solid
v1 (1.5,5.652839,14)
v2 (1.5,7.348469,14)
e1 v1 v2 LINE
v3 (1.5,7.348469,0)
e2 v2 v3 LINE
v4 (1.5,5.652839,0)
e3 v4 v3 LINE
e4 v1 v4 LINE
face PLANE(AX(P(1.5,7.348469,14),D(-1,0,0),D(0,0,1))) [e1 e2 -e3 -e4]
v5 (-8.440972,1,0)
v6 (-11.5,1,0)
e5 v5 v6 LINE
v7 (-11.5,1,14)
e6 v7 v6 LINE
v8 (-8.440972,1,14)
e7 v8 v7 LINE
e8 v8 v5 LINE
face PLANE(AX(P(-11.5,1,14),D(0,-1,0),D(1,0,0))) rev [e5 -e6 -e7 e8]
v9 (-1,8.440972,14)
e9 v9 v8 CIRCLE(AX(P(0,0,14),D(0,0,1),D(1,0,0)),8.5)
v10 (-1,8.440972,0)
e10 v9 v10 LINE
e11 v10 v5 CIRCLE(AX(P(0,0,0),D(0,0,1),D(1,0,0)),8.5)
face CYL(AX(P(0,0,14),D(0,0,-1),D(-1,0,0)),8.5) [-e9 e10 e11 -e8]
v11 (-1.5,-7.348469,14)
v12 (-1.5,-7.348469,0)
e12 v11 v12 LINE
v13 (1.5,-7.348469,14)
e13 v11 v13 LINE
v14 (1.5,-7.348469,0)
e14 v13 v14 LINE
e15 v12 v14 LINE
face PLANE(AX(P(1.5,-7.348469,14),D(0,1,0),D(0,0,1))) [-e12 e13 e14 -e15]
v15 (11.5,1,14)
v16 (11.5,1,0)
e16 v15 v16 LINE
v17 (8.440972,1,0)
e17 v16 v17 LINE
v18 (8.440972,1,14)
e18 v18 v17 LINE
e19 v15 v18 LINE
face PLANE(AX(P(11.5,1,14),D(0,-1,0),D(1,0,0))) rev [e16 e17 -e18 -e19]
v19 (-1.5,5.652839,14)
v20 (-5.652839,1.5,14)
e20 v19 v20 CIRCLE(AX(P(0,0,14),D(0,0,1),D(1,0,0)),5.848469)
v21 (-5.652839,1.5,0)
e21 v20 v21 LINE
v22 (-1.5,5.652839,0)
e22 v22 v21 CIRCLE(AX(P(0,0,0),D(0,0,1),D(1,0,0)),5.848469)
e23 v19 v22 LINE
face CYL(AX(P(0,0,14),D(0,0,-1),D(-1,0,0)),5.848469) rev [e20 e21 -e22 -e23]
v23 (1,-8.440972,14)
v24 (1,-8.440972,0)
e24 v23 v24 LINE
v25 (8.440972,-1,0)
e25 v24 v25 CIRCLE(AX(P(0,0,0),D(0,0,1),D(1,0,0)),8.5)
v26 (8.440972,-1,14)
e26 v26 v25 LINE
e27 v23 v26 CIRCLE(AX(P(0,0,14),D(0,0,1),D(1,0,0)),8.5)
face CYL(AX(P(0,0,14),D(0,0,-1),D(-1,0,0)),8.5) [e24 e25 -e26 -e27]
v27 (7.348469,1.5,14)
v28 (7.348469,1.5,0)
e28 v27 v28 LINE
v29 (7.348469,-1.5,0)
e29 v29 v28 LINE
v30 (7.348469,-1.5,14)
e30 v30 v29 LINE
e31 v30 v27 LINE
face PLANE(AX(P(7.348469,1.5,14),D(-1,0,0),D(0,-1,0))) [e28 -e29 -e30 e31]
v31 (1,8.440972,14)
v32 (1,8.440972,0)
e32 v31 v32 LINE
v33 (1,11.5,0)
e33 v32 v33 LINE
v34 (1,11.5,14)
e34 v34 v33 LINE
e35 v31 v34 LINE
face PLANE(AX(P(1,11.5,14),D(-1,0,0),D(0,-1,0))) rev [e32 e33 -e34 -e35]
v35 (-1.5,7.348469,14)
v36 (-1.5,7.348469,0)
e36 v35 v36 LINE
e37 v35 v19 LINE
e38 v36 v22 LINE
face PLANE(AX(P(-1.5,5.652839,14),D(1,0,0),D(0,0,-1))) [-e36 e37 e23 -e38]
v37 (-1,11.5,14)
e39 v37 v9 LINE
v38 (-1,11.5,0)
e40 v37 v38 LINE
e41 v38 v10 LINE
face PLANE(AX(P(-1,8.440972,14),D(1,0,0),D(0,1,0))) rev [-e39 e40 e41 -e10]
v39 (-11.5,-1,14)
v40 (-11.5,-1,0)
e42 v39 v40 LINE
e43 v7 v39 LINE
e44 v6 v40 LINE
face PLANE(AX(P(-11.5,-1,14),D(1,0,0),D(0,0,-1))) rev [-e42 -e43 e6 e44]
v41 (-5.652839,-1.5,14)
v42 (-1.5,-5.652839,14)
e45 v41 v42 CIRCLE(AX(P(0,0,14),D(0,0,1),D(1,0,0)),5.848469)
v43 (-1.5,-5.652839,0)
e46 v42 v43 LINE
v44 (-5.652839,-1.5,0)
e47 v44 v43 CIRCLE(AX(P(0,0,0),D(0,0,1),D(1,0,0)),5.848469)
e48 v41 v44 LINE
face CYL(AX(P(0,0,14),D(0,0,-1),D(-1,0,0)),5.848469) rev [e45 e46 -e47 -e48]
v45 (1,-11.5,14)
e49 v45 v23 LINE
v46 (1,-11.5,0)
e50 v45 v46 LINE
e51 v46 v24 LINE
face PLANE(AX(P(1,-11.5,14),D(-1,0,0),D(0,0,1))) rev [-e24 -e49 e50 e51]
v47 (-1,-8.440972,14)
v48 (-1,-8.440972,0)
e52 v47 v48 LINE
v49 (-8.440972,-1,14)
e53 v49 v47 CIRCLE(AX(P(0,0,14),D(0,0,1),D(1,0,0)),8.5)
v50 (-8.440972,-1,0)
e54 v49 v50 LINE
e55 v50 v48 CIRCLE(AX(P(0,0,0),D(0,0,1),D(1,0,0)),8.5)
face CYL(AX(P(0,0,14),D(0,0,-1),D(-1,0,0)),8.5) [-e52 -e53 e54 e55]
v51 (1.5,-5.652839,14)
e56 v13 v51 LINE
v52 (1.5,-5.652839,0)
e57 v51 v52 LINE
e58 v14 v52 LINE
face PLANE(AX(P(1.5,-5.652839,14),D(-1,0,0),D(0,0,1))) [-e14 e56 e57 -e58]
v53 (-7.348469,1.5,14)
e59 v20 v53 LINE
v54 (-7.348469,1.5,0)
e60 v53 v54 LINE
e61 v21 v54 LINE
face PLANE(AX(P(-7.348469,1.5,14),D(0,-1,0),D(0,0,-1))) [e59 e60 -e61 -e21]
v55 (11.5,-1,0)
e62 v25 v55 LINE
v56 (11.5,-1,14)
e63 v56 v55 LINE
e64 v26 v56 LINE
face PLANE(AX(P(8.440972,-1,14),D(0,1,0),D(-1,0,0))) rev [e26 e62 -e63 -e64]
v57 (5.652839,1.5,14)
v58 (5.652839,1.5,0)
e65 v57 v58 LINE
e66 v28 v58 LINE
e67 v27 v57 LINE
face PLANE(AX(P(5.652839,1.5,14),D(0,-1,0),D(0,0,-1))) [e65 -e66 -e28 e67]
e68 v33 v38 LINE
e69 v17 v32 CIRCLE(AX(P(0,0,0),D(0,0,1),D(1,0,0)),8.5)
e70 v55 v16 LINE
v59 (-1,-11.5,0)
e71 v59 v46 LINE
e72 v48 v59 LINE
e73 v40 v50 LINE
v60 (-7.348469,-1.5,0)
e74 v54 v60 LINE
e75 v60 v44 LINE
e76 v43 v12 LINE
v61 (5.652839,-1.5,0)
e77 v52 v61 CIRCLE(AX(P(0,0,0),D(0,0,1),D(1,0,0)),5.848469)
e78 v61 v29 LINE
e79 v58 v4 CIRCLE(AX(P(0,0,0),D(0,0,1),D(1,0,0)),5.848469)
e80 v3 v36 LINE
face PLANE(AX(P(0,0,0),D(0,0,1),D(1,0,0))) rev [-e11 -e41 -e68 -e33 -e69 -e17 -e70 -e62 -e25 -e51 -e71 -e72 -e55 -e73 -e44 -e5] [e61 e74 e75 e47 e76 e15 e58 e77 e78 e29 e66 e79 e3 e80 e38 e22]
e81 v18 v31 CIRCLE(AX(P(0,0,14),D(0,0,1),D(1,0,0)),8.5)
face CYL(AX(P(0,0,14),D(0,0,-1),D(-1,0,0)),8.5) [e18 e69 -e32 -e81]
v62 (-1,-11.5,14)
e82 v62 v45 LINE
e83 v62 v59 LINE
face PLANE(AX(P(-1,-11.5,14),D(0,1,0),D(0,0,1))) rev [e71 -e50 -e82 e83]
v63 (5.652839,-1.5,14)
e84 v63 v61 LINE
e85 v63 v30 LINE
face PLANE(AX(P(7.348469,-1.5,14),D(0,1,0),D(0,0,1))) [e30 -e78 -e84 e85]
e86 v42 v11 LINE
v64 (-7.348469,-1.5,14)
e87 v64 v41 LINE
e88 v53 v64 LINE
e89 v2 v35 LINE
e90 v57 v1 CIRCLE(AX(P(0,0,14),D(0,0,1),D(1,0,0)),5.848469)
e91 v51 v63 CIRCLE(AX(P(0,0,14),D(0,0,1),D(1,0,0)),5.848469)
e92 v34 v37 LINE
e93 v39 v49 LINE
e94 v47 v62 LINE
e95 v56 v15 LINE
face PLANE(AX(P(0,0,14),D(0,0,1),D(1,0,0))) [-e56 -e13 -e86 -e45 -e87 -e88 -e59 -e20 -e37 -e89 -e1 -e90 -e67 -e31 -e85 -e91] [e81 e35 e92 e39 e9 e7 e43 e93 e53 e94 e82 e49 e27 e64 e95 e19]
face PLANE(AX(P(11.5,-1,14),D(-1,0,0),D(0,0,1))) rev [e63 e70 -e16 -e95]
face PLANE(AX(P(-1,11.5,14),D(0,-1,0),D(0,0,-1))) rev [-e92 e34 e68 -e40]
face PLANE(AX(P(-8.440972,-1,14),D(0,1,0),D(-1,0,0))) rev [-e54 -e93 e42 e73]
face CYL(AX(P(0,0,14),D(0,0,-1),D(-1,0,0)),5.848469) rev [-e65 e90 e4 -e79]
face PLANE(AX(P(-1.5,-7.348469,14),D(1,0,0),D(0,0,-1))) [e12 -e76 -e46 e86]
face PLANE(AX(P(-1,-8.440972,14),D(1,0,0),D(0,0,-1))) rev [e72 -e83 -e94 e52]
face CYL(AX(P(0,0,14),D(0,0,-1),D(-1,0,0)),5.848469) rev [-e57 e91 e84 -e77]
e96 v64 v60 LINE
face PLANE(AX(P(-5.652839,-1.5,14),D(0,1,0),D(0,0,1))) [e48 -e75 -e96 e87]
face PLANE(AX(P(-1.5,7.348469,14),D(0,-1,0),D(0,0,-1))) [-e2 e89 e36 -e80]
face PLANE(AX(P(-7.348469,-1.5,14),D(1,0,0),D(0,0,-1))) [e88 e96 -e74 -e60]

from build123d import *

# Parameters (mm, degrees)
BOSS_EXTRUDE1_DEPTH = 14


with BuildPart() as part:
    # Sketch1 → Boss-Extrude1 (new body)
    with BuildSketch(Plane.XY):
        with BuildLine():
            Line((-1, 8.440971508), (-1, 11.5))
            Line((-1, 11.5), (1, 11.5))
            Line((1, 11.5), (1, 8.440971508))
            ThreePointArc((1, 8.440971508), (6.01040764, 6.01040764), (8.440971508, 1))
            Line((8.440971508, 1), (11.5, 1))
            Line((11.5, 1), (11.5, -1))
            Line((11.5, -1), (8.440971508, -1))
            ThreePointArc((8.440971508, -1), (6.01040764, -6.01040764), (1, -8.440971508))
            Line((1, -8.440971508), (1, -11.5))
            Line((1, -11.5), (-1, -11.5))
            Line((-1, -11.5), (-1, -8.440971508))
            ThreePointArc((-1, -8.440971508), (-6.01040764, -6.01040764), (-8.440971508, -1))
            Line((-8.440971508, -1), (-11.5, -1))
            Line((-11.5, -1), (-11.5, 1))
            Line((-11.5, 1), (-8.440971508, 1))
            ThreePointArc((-8.440971508, 1), (-6.01040764, 6.01040764), (-1, 8.440971508))
        make_face()
        with BuildLine():
            Line((-1.5, 5.652839314), (-1.5, 7.348469228))
            Line((-1.5, 7.348469228), (1.5, 7.348469228))
            Line((1.5, 7.348469228), (1.5, 5.652839314))
            ThreePointArc((1.5, 5.652839314), (4.135492251, 4.135492251), (5.652839314, 1.5))
            Line((5.652839314, 1.5), (7.348469228, 1.5))
            Line((7.348469228, 1.5), (7.348469228, -1.5))
            Line((7.348469228, -1.5), (5.652839314, -1.5))
            ThreePointArc((5.652839314, -1.5), (4.135492251, -4.135492251), (1.5, -5.652839314))
            Line((1.5, -5.652839314), (1.5, -7.348469228))
            Line((1.5, -7.348469228), (-1.5, -7.348469228))
            Line((-1.5, -7.348469228), (-1.5, -5.652839314))
            ThreePointArc((-1.5, -5.652839314), (-4.135492251, -4.135492251), (-5.652839314, -1.5))
            Line((-5.652839314, -1.5), (-7.348469228, -1.5))
            Line((-7.348469228, -1.5), (-7.348469228, 1.5))
            Line((-7.348469228, 1.5), (-5.652839314, 1.5))
            ThreePointArc((-5.652839314, 1.5), (-4.135492251, 4.135492251), (-1.5, 5.652839314))
        make_face(mode=Mode.SUBTRACT)
    extrude(amount=BOSS_EXTRUDE1_DEPTH)


solid = part.part
